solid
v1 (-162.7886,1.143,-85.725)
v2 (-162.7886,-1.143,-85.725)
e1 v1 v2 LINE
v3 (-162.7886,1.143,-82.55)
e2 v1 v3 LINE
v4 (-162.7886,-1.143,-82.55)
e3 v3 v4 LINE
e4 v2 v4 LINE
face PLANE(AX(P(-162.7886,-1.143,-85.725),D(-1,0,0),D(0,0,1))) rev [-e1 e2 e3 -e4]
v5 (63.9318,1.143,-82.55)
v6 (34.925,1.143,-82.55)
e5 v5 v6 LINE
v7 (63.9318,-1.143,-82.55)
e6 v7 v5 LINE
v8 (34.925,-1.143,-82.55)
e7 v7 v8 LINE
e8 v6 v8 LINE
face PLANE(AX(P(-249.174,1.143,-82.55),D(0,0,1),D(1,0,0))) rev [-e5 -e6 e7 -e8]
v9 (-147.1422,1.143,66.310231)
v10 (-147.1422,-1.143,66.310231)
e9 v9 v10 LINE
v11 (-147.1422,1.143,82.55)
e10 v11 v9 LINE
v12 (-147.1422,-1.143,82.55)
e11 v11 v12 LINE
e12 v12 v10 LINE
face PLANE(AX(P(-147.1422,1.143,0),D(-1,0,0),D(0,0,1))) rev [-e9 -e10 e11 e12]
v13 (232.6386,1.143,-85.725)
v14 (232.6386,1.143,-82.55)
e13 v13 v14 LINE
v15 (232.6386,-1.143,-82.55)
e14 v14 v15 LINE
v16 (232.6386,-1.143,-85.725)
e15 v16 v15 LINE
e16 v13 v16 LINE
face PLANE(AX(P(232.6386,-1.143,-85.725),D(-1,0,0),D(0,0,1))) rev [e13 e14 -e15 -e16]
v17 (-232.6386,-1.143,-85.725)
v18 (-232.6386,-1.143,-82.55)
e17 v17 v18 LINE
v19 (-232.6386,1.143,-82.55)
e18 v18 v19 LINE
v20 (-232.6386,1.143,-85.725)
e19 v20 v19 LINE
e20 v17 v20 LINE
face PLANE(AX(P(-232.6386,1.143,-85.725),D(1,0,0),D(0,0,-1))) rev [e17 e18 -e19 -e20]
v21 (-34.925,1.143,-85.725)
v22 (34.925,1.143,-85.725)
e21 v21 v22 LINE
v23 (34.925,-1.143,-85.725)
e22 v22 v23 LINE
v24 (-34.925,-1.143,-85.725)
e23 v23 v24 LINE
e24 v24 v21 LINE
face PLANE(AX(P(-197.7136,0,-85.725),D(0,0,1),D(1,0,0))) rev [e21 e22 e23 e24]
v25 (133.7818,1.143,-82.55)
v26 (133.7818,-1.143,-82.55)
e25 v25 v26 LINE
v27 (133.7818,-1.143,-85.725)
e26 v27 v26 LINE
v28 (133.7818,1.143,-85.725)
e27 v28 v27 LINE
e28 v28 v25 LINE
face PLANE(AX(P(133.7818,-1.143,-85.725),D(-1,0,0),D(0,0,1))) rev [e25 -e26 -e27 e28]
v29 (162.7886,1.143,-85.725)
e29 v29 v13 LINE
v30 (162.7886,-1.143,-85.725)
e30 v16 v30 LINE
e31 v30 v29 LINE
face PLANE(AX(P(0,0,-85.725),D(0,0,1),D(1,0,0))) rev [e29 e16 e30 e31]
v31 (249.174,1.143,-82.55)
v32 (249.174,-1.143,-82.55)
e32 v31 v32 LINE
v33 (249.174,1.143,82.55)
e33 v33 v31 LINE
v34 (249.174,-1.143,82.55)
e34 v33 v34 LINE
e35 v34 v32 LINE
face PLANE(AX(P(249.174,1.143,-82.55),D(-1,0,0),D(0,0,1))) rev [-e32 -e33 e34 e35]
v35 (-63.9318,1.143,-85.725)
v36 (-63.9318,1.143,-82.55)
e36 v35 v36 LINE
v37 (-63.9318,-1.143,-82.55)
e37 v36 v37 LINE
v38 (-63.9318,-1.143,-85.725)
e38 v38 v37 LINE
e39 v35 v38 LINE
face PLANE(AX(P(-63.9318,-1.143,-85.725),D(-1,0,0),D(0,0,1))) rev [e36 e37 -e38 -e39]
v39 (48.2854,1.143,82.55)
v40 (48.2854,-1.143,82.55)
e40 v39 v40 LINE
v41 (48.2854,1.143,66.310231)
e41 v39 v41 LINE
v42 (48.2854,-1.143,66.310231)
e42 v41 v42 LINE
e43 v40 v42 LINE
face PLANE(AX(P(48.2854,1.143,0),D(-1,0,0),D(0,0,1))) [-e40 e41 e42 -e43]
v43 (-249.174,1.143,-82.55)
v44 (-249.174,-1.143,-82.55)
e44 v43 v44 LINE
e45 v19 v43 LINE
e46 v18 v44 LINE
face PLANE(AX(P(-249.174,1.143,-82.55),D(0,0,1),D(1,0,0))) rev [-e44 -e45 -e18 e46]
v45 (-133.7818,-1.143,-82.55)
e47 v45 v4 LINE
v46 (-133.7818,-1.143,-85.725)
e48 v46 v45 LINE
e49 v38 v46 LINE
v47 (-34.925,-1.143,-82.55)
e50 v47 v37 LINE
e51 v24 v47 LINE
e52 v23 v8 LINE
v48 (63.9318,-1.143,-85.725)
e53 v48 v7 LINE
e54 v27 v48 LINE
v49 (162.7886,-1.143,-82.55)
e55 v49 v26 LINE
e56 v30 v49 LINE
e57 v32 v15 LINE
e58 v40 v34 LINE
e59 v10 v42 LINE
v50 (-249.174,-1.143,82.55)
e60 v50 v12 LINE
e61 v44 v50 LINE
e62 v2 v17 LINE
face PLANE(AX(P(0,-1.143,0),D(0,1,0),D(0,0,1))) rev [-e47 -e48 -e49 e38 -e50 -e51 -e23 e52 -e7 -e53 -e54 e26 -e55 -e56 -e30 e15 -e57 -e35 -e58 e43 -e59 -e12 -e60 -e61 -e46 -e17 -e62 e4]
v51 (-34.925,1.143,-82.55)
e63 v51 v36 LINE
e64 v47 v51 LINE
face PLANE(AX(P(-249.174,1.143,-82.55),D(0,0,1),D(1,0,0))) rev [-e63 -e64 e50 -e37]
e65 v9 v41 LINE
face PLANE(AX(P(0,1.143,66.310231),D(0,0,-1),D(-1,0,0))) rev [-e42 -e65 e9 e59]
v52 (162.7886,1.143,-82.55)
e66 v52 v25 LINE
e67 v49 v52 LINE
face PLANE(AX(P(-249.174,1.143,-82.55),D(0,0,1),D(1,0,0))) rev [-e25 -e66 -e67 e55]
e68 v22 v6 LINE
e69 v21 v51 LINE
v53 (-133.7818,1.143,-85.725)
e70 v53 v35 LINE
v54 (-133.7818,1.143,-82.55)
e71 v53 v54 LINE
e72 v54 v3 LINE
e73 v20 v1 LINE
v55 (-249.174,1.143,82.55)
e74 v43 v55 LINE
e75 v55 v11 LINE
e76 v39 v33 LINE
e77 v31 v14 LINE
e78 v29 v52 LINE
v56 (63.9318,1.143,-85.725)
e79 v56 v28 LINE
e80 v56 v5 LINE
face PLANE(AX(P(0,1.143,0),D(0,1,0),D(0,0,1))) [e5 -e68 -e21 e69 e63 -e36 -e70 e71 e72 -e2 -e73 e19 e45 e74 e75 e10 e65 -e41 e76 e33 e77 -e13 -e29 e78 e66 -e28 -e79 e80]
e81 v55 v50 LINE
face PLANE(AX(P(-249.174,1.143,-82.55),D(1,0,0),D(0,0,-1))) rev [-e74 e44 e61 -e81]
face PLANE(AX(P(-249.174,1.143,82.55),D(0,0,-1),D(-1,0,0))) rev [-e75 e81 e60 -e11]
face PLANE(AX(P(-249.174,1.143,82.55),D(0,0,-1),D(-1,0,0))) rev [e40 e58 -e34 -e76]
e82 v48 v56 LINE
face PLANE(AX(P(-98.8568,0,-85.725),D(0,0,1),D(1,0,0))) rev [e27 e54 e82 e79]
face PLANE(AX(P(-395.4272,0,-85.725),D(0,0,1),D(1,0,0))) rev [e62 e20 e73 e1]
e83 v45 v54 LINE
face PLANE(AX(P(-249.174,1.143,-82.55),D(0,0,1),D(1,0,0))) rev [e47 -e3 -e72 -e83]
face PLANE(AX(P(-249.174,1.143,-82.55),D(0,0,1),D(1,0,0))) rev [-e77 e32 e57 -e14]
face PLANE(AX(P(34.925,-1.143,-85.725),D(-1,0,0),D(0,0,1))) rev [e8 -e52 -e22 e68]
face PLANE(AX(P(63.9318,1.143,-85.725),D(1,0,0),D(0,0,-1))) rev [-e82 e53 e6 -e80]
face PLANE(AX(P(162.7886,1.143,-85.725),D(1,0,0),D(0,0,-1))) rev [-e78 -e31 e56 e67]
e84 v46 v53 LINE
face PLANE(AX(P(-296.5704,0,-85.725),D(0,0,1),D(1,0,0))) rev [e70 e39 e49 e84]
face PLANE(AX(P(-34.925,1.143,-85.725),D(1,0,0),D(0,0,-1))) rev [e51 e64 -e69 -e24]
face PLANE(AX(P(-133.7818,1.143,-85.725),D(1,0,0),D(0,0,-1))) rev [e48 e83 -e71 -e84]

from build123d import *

# Parameters (mm, degrees)
SKETCH1_W           = 498.348
SKETCH1_H           = 165.1
BOSS_EXTRUDE1_DEPTH = 1.143
SKETCH2_W           = 69.85
SKETCH2_H           = 2.286
BOSS_EXTRUDE2_DEPTH = 3.175
LPATTERN1_COUNT     = 5
LPATTERN1_PITCH     = 98.8568
SKETCH3_W           = 96.5708
SKETCH3_H           = 16.239769195
SKETCH3_W_2         = 1.143
CUT_EXTRUDE1_DEPTH  = 264.517900145


with BuildPart() as part:
    # Sketch1 → Boss-Extrude1 (new, symmetric)
    with BuildSketch(Plane(origin=(0, 0, 0), x_dir=(1, 0, 0), z_dir=(0, 1, 0))):
        Rectangle(SKETCH1_W, SKETCH1_H)
    extrude(amount=BOSS_EXTRUDE1_DEPTH, both=True)

    # Sketch2 → Boss-Extrude2 (add)
    with BuildSketch(Plane(origin=(0, 0, -82.55), x_dir=(-1, 0, 0), z_dir=(0, 0, -1))):
        with Locations((-197.7136, 0)):
            Rectangle(SKETCH2_W, SKETCH2_H)
    boss_extrude2 = extrude(amount=BOSS_EXTRUDE2_DEPTH)

    # LPattern1: Boss-Extrude2 ×5
    with Locations(*[(-i * LPATTERN1_PITCH, 0, 0) for i in range(1, LPATTERN1_COUNT)]):
        add(boss_extrude2)

    # Sketch3 → Cut-Extrude1 (cut, through all)
    with BuildSketch(Plane.XZ.offset(1.143)):
        with Locations((-98.8568, 74.430115403)):
            Rectangle(SKETCH3_W, SKETCH3_H)
        with Locations((-48.8569, 74.430115403)):
            Rectangle(SKETCH3_W_2, SKETCH3_H)
        with Locations((-49.9999, 74.430115403)):
            Rectangle(SKETCH3_W_2, SKETCH3_H)
        with Locations((0, 74.430115403)):
            Rectangle(SKETCH3_W, SKETCH3_H)
    extrude(amount=-CUT_EXTRUDE1_DEPTH, mode=Mode.SUBTRACT)


solid = part.part
